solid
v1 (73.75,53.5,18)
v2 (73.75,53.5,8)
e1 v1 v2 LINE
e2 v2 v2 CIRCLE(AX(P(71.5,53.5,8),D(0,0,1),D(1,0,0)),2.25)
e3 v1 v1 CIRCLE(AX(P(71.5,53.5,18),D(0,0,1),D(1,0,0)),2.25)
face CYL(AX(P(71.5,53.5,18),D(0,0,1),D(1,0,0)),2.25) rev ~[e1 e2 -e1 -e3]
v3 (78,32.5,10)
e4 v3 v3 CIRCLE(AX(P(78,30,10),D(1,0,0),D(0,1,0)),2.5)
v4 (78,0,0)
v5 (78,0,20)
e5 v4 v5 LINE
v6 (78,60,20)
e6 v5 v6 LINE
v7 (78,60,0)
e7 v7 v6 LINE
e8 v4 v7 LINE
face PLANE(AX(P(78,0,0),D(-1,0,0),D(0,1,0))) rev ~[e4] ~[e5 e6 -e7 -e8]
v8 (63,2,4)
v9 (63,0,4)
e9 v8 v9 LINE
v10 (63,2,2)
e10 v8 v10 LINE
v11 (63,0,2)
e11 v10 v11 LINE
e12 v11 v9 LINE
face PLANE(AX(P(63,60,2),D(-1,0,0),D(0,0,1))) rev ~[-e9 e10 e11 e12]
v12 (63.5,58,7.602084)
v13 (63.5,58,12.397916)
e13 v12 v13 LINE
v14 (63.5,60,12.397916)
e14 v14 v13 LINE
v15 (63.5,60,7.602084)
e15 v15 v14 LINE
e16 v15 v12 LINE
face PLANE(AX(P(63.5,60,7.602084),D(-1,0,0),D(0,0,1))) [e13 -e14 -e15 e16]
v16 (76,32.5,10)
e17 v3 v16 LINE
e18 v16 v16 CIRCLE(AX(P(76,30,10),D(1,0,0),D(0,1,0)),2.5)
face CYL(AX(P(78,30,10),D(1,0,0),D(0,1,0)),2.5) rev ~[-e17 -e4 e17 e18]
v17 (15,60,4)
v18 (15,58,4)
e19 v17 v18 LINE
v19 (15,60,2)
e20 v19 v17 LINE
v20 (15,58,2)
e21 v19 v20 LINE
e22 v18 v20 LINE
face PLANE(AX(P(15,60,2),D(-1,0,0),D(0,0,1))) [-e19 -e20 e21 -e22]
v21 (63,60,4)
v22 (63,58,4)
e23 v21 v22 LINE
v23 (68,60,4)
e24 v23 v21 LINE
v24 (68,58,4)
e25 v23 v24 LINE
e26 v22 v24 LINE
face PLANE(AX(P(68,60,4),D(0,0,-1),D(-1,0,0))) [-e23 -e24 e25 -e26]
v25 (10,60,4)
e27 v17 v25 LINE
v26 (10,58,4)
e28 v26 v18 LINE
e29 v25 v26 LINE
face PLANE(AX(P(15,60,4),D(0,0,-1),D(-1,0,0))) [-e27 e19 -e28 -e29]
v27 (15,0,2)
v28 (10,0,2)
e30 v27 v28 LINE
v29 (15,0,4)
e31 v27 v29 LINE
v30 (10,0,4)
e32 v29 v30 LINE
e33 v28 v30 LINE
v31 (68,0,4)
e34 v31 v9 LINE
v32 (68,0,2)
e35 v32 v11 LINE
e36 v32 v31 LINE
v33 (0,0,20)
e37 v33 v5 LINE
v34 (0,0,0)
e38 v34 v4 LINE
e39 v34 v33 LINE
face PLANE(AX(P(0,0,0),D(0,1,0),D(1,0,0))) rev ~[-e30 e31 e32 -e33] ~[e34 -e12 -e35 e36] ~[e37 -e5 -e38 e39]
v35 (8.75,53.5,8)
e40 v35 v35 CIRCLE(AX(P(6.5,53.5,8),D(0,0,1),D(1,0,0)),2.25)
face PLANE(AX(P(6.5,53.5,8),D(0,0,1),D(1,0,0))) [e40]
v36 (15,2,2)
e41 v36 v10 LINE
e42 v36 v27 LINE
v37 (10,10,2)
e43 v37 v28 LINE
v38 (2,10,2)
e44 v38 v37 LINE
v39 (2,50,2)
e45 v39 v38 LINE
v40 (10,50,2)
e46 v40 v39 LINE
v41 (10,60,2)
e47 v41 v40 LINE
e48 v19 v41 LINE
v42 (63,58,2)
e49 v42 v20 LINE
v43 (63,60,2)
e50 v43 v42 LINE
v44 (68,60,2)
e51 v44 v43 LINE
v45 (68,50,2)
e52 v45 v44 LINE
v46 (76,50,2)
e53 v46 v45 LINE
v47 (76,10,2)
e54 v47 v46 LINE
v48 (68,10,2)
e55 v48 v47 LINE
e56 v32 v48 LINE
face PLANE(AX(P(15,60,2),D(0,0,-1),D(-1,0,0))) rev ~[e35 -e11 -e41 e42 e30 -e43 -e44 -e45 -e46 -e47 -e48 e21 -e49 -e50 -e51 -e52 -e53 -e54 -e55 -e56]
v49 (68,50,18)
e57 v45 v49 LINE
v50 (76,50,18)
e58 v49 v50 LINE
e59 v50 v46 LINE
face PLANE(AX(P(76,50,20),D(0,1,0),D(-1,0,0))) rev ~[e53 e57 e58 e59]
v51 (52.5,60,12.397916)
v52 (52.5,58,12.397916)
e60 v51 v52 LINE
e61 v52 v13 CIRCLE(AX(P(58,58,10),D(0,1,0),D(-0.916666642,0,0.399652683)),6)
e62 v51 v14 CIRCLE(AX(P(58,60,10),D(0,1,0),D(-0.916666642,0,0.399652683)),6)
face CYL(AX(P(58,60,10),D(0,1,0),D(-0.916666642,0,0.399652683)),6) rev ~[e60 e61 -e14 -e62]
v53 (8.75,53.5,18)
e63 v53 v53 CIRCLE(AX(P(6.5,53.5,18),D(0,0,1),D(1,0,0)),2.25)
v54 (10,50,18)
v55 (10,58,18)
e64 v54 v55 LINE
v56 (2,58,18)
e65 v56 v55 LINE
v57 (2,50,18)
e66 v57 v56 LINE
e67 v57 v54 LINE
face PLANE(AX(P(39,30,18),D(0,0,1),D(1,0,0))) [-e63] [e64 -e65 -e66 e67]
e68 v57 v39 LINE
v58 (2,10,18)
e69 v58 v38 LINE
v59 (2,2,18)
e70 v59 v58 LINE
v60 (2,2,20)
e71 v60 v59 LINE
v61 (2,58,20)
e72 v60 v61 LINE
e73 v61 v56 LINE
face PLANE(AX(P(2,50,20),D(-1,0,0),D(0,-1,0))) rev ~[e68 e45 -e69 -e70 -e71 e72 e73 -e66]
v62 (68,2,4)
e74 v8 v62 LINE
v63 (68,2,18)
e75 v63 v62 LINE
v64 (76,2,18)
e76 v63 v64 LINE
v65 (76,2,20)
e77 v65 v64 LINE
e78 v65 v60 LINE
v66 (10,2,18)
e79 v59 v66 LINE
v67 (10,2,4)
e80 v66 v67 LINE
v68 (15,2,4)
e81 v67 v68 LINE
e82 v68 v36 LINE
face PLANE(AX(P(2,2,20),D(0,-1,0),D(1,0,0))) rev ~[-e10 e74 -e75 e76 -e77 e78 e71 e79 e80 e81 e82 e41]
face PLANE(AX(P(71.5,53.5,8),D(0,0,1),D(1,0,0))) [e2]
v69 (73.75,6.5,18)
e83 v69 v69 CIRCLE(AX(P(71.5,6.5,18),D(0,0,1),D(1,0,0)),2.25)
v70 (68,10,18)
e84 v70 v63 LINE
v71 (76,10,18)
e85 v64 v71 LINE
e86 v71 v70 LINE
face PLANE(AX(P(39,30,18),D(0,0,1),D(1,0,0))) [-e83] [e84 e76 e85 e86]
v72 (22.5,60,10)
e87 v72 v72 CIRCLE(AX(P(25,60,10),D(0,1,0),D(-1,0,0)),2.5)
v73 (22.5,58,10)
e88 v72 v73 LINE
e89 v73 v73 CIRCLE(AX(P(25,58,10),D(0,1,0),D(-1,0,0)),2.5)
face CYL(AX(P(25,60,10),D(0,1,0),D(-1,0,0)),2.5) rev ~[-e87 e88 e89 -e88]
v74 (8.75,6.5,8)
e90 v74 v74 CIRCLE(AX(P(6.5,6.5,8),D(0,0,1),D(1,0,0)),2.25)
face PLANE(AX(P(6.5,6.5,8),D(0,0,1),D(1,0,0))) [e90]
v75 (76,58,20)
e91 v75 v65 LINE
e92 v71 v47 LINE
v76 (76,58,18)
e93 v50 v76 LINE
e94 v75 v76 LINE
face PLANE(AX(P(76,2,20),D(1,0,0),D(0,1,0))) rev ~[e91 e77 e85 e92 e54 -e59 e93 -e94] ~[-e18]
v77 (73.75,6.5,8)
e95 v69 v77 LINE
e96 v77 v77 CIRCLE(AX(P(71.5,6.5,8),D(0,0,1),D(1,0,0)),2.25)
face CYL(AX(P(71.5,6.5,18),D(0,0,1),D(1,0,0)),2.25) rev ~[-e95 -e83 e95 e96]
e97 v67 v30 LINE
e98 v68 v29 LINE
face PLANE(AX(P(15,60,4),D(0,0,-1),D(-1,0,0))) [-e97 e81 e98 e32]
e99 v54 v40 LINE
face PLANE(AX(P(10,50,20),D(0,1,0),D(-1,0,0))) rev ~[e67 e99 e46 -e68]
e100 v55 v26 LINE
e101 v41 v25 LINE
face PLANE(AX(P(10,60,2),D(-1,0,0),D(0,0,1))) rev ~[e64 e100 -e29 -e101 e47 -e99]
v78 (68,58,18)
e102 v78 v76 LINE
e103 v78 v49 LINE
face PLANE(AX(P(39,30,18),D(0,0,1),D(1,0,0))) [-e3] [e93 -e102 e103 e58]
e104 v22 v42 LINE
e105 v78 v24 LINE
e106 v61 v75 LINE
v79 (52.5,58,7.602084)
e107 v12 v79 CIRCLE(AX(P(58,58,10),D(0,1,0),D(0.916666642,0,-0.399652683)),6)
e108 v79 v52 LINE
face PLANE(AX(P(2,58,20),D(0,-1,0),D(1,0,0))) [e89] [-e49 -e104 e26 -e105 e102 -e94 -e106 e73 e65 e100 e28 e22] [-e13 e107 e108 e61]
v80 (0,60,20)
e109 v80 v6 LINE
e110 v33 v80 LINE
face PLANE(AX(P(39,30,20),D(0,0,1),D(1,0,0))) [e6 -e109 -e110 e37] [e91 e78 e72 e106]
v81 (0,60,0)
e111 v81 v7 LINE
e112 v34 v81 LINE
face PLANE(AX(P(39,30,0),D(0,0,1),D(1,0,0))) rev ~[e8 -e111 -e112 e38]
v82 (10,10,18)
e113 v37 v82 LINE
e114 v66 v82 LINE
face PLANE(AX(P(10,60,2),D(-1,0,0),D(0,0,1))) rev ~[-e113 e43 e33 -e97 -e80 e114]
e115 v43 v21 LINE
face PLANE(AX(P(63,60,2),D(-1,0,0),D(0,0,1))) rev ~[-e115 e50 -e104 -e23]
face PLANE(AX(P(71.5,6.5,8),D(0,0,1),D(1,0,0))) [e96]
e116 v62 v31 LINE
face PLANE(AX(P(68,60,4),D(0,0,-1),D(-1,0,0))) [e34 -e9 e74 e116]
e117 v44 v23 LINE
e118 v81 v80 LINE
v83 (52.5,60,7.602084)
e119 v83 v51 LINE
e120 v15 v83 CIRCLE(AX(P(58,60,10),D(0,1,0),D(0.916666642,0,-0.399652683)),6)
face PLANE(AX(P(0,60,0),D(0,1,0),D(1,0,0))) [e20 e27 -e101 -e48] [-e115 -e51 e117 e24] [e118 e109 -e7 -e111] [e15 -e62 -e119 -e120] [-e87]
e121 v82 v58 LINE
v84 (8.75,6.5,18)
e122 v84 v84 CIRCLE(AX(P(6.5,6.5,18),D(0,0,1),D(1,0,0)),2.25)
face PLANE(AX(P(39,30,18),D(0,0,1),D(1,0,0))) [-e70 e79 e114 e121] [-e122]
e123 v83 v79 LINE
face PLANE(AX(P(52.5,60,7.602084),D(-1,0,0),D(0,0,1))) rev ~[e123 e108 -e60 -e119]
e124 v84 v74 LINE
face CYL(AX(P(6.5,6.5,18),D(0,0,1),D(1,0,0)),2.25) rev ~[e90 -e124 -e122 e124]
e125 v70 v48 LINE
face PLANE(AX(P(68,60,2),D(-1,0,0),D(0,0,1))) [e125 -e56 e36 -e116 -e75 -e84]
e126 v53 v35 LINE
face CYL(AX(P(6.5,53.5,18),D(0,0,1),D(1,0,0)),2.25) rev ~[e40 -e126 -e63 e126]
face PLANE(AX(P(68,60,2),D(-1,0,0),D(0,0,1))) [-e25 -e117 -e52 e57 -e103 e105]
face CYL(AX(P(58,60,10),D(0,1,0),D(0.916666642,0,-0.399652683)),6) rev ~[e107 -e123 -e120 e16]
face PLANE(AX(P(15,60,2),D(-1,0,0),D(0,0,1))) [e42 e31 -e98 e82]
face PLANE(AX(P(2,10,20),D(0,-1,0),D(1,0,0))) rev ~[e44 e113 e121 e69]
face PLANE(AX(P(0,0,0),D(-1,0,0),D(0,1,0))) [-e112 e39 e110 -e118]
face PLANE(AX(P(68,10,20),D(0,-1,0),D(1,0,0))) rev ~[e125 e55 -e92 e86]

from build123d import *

# Parameters (mm, degrees)
SKETCH_W        = 78
SKETCH_H        = 60
PAD_DEPTH       = 20
POCKET_DEPTH    = 18
SKETCH002_W     = 74
SKETCH002_H     = 56
POCKET001_DEPTH = 2
SKETCH003_R     = 2.25
POCKET002_DEPTH = 10
SKETCH004_R     = 2.5
POCKET003_DEPTH = 2
SKETCH005_R     = 2.5
POCKET004_DEPTH = 2
SKETCH006_W     = 5
SKETCH006_H     = 2
POCKET005_DEPTH = 60.001


with BuildPart() as part:
    # Sketch → Pad (new body)
    with BuildSketch(Plane.XY):
        with Locations((39, 30)):
            Rectangle(SKETCH_W, SKETCH_H)
    extrude(amount=PAD_DEPTH)

    # Sketch001 (on Face6 of Pad) → Pocket (cut)
    with BuildSketch(Plane.XY.offset(20)):
        Polygon((2, 50), (2, 10), (10, 10), (10, 2), (68, 2), (68, 10), (76, 10), (76, 50), (68, 50), (68, 58), (10, 58), (10, 50), align=None)
    extrude(amount=-POCKET_DEPTH, mode=Mode.SUBTRACT)

    # Sketch002 (on Face5 of Pocket) → Pocket001 (cut)
    with BuildSketch(Plane.XY.offset(20)):
        with Locations((39, 30)):
            Rectangle(SKETCH002_W, SKETCH002_H)
    extrude(amount=-POCKET001_DEPTH, mode=Mode.SUBTRACT)

    # Sketch003 (on Face26 of Pocket001) → Pocket002 (cut)
    with BuildSketch(Plane.XY.offset(18)):
        with Locations((6.5, 53.5)):
            Circle(SKETCH003_R)
        with Locations((71.5, 53.5)):
            Circle(SKETCH003_R)
        with Locations((6.5, 6.5)):
            Circle(SKETCH003_R)
        with Locations((71.5, 6.5)):
            Circle(SKETCH003_R)
    extrude(amount=-POCKET002_DEPTH, mode=Mode.SUBTRACT)

    # Sketch004 (on Face3 of Pocket002) → Pocket003 (cut)
    with BuildSketch(Plane.YZ.offset(78)):
        with Locations((30, 10)):
            Circle(SKETCH004_R)
    extrude(amount=-POCKET003_DEPTH, mode=Mode.SUBTRACT)

    # Sketch005 (on Face6 of Pocket003) → Pocket004 (cut)
    with BuildSketch(Plane(origin=(0, 60, 0), x_dir=(-1, 0, 0), z_dir=(0, 1, 0))):
        with Locations((-25, 10)):
            Circle(SKETCH005_R)
        with BuildLine():
            Line((-63.5, 7.602084), (-63.5, 12.397916))
            ThreePointArc((-52.5, 12.397916), (-58, 16), (-63.5, 12.397916))
            Line((-52.5, 7.602084), (-52.5, 12.397916))
            ThreePointArc((-63.5, 7.602084), (-58, 4), (-52.5, 7.602084))
        make_face()
    extrude(amount=-POCKET004_DEPTH, mode=Mode.SUBTRACT)

    # Sketch006 (on Face6 of Pocket004) → Pocket005 (cut, through all)
    with BuildSketch(Plane(origin=(0, 60, 0), x_dir=(-1, 0, 0), z_dir=(0, 1, 0))):
        with Locations((-65.5, 3)):
            Rectangle(SKETCH006_W, SKETCH006_H)
        with Locations((-12.5, 3)):
            Rectangle(SKETCH006_W, SKETCH006_H)
    extrude(amount=-POCKET005_DEPTH, mode=Mode.SUBTRACT)


solid = part.part
